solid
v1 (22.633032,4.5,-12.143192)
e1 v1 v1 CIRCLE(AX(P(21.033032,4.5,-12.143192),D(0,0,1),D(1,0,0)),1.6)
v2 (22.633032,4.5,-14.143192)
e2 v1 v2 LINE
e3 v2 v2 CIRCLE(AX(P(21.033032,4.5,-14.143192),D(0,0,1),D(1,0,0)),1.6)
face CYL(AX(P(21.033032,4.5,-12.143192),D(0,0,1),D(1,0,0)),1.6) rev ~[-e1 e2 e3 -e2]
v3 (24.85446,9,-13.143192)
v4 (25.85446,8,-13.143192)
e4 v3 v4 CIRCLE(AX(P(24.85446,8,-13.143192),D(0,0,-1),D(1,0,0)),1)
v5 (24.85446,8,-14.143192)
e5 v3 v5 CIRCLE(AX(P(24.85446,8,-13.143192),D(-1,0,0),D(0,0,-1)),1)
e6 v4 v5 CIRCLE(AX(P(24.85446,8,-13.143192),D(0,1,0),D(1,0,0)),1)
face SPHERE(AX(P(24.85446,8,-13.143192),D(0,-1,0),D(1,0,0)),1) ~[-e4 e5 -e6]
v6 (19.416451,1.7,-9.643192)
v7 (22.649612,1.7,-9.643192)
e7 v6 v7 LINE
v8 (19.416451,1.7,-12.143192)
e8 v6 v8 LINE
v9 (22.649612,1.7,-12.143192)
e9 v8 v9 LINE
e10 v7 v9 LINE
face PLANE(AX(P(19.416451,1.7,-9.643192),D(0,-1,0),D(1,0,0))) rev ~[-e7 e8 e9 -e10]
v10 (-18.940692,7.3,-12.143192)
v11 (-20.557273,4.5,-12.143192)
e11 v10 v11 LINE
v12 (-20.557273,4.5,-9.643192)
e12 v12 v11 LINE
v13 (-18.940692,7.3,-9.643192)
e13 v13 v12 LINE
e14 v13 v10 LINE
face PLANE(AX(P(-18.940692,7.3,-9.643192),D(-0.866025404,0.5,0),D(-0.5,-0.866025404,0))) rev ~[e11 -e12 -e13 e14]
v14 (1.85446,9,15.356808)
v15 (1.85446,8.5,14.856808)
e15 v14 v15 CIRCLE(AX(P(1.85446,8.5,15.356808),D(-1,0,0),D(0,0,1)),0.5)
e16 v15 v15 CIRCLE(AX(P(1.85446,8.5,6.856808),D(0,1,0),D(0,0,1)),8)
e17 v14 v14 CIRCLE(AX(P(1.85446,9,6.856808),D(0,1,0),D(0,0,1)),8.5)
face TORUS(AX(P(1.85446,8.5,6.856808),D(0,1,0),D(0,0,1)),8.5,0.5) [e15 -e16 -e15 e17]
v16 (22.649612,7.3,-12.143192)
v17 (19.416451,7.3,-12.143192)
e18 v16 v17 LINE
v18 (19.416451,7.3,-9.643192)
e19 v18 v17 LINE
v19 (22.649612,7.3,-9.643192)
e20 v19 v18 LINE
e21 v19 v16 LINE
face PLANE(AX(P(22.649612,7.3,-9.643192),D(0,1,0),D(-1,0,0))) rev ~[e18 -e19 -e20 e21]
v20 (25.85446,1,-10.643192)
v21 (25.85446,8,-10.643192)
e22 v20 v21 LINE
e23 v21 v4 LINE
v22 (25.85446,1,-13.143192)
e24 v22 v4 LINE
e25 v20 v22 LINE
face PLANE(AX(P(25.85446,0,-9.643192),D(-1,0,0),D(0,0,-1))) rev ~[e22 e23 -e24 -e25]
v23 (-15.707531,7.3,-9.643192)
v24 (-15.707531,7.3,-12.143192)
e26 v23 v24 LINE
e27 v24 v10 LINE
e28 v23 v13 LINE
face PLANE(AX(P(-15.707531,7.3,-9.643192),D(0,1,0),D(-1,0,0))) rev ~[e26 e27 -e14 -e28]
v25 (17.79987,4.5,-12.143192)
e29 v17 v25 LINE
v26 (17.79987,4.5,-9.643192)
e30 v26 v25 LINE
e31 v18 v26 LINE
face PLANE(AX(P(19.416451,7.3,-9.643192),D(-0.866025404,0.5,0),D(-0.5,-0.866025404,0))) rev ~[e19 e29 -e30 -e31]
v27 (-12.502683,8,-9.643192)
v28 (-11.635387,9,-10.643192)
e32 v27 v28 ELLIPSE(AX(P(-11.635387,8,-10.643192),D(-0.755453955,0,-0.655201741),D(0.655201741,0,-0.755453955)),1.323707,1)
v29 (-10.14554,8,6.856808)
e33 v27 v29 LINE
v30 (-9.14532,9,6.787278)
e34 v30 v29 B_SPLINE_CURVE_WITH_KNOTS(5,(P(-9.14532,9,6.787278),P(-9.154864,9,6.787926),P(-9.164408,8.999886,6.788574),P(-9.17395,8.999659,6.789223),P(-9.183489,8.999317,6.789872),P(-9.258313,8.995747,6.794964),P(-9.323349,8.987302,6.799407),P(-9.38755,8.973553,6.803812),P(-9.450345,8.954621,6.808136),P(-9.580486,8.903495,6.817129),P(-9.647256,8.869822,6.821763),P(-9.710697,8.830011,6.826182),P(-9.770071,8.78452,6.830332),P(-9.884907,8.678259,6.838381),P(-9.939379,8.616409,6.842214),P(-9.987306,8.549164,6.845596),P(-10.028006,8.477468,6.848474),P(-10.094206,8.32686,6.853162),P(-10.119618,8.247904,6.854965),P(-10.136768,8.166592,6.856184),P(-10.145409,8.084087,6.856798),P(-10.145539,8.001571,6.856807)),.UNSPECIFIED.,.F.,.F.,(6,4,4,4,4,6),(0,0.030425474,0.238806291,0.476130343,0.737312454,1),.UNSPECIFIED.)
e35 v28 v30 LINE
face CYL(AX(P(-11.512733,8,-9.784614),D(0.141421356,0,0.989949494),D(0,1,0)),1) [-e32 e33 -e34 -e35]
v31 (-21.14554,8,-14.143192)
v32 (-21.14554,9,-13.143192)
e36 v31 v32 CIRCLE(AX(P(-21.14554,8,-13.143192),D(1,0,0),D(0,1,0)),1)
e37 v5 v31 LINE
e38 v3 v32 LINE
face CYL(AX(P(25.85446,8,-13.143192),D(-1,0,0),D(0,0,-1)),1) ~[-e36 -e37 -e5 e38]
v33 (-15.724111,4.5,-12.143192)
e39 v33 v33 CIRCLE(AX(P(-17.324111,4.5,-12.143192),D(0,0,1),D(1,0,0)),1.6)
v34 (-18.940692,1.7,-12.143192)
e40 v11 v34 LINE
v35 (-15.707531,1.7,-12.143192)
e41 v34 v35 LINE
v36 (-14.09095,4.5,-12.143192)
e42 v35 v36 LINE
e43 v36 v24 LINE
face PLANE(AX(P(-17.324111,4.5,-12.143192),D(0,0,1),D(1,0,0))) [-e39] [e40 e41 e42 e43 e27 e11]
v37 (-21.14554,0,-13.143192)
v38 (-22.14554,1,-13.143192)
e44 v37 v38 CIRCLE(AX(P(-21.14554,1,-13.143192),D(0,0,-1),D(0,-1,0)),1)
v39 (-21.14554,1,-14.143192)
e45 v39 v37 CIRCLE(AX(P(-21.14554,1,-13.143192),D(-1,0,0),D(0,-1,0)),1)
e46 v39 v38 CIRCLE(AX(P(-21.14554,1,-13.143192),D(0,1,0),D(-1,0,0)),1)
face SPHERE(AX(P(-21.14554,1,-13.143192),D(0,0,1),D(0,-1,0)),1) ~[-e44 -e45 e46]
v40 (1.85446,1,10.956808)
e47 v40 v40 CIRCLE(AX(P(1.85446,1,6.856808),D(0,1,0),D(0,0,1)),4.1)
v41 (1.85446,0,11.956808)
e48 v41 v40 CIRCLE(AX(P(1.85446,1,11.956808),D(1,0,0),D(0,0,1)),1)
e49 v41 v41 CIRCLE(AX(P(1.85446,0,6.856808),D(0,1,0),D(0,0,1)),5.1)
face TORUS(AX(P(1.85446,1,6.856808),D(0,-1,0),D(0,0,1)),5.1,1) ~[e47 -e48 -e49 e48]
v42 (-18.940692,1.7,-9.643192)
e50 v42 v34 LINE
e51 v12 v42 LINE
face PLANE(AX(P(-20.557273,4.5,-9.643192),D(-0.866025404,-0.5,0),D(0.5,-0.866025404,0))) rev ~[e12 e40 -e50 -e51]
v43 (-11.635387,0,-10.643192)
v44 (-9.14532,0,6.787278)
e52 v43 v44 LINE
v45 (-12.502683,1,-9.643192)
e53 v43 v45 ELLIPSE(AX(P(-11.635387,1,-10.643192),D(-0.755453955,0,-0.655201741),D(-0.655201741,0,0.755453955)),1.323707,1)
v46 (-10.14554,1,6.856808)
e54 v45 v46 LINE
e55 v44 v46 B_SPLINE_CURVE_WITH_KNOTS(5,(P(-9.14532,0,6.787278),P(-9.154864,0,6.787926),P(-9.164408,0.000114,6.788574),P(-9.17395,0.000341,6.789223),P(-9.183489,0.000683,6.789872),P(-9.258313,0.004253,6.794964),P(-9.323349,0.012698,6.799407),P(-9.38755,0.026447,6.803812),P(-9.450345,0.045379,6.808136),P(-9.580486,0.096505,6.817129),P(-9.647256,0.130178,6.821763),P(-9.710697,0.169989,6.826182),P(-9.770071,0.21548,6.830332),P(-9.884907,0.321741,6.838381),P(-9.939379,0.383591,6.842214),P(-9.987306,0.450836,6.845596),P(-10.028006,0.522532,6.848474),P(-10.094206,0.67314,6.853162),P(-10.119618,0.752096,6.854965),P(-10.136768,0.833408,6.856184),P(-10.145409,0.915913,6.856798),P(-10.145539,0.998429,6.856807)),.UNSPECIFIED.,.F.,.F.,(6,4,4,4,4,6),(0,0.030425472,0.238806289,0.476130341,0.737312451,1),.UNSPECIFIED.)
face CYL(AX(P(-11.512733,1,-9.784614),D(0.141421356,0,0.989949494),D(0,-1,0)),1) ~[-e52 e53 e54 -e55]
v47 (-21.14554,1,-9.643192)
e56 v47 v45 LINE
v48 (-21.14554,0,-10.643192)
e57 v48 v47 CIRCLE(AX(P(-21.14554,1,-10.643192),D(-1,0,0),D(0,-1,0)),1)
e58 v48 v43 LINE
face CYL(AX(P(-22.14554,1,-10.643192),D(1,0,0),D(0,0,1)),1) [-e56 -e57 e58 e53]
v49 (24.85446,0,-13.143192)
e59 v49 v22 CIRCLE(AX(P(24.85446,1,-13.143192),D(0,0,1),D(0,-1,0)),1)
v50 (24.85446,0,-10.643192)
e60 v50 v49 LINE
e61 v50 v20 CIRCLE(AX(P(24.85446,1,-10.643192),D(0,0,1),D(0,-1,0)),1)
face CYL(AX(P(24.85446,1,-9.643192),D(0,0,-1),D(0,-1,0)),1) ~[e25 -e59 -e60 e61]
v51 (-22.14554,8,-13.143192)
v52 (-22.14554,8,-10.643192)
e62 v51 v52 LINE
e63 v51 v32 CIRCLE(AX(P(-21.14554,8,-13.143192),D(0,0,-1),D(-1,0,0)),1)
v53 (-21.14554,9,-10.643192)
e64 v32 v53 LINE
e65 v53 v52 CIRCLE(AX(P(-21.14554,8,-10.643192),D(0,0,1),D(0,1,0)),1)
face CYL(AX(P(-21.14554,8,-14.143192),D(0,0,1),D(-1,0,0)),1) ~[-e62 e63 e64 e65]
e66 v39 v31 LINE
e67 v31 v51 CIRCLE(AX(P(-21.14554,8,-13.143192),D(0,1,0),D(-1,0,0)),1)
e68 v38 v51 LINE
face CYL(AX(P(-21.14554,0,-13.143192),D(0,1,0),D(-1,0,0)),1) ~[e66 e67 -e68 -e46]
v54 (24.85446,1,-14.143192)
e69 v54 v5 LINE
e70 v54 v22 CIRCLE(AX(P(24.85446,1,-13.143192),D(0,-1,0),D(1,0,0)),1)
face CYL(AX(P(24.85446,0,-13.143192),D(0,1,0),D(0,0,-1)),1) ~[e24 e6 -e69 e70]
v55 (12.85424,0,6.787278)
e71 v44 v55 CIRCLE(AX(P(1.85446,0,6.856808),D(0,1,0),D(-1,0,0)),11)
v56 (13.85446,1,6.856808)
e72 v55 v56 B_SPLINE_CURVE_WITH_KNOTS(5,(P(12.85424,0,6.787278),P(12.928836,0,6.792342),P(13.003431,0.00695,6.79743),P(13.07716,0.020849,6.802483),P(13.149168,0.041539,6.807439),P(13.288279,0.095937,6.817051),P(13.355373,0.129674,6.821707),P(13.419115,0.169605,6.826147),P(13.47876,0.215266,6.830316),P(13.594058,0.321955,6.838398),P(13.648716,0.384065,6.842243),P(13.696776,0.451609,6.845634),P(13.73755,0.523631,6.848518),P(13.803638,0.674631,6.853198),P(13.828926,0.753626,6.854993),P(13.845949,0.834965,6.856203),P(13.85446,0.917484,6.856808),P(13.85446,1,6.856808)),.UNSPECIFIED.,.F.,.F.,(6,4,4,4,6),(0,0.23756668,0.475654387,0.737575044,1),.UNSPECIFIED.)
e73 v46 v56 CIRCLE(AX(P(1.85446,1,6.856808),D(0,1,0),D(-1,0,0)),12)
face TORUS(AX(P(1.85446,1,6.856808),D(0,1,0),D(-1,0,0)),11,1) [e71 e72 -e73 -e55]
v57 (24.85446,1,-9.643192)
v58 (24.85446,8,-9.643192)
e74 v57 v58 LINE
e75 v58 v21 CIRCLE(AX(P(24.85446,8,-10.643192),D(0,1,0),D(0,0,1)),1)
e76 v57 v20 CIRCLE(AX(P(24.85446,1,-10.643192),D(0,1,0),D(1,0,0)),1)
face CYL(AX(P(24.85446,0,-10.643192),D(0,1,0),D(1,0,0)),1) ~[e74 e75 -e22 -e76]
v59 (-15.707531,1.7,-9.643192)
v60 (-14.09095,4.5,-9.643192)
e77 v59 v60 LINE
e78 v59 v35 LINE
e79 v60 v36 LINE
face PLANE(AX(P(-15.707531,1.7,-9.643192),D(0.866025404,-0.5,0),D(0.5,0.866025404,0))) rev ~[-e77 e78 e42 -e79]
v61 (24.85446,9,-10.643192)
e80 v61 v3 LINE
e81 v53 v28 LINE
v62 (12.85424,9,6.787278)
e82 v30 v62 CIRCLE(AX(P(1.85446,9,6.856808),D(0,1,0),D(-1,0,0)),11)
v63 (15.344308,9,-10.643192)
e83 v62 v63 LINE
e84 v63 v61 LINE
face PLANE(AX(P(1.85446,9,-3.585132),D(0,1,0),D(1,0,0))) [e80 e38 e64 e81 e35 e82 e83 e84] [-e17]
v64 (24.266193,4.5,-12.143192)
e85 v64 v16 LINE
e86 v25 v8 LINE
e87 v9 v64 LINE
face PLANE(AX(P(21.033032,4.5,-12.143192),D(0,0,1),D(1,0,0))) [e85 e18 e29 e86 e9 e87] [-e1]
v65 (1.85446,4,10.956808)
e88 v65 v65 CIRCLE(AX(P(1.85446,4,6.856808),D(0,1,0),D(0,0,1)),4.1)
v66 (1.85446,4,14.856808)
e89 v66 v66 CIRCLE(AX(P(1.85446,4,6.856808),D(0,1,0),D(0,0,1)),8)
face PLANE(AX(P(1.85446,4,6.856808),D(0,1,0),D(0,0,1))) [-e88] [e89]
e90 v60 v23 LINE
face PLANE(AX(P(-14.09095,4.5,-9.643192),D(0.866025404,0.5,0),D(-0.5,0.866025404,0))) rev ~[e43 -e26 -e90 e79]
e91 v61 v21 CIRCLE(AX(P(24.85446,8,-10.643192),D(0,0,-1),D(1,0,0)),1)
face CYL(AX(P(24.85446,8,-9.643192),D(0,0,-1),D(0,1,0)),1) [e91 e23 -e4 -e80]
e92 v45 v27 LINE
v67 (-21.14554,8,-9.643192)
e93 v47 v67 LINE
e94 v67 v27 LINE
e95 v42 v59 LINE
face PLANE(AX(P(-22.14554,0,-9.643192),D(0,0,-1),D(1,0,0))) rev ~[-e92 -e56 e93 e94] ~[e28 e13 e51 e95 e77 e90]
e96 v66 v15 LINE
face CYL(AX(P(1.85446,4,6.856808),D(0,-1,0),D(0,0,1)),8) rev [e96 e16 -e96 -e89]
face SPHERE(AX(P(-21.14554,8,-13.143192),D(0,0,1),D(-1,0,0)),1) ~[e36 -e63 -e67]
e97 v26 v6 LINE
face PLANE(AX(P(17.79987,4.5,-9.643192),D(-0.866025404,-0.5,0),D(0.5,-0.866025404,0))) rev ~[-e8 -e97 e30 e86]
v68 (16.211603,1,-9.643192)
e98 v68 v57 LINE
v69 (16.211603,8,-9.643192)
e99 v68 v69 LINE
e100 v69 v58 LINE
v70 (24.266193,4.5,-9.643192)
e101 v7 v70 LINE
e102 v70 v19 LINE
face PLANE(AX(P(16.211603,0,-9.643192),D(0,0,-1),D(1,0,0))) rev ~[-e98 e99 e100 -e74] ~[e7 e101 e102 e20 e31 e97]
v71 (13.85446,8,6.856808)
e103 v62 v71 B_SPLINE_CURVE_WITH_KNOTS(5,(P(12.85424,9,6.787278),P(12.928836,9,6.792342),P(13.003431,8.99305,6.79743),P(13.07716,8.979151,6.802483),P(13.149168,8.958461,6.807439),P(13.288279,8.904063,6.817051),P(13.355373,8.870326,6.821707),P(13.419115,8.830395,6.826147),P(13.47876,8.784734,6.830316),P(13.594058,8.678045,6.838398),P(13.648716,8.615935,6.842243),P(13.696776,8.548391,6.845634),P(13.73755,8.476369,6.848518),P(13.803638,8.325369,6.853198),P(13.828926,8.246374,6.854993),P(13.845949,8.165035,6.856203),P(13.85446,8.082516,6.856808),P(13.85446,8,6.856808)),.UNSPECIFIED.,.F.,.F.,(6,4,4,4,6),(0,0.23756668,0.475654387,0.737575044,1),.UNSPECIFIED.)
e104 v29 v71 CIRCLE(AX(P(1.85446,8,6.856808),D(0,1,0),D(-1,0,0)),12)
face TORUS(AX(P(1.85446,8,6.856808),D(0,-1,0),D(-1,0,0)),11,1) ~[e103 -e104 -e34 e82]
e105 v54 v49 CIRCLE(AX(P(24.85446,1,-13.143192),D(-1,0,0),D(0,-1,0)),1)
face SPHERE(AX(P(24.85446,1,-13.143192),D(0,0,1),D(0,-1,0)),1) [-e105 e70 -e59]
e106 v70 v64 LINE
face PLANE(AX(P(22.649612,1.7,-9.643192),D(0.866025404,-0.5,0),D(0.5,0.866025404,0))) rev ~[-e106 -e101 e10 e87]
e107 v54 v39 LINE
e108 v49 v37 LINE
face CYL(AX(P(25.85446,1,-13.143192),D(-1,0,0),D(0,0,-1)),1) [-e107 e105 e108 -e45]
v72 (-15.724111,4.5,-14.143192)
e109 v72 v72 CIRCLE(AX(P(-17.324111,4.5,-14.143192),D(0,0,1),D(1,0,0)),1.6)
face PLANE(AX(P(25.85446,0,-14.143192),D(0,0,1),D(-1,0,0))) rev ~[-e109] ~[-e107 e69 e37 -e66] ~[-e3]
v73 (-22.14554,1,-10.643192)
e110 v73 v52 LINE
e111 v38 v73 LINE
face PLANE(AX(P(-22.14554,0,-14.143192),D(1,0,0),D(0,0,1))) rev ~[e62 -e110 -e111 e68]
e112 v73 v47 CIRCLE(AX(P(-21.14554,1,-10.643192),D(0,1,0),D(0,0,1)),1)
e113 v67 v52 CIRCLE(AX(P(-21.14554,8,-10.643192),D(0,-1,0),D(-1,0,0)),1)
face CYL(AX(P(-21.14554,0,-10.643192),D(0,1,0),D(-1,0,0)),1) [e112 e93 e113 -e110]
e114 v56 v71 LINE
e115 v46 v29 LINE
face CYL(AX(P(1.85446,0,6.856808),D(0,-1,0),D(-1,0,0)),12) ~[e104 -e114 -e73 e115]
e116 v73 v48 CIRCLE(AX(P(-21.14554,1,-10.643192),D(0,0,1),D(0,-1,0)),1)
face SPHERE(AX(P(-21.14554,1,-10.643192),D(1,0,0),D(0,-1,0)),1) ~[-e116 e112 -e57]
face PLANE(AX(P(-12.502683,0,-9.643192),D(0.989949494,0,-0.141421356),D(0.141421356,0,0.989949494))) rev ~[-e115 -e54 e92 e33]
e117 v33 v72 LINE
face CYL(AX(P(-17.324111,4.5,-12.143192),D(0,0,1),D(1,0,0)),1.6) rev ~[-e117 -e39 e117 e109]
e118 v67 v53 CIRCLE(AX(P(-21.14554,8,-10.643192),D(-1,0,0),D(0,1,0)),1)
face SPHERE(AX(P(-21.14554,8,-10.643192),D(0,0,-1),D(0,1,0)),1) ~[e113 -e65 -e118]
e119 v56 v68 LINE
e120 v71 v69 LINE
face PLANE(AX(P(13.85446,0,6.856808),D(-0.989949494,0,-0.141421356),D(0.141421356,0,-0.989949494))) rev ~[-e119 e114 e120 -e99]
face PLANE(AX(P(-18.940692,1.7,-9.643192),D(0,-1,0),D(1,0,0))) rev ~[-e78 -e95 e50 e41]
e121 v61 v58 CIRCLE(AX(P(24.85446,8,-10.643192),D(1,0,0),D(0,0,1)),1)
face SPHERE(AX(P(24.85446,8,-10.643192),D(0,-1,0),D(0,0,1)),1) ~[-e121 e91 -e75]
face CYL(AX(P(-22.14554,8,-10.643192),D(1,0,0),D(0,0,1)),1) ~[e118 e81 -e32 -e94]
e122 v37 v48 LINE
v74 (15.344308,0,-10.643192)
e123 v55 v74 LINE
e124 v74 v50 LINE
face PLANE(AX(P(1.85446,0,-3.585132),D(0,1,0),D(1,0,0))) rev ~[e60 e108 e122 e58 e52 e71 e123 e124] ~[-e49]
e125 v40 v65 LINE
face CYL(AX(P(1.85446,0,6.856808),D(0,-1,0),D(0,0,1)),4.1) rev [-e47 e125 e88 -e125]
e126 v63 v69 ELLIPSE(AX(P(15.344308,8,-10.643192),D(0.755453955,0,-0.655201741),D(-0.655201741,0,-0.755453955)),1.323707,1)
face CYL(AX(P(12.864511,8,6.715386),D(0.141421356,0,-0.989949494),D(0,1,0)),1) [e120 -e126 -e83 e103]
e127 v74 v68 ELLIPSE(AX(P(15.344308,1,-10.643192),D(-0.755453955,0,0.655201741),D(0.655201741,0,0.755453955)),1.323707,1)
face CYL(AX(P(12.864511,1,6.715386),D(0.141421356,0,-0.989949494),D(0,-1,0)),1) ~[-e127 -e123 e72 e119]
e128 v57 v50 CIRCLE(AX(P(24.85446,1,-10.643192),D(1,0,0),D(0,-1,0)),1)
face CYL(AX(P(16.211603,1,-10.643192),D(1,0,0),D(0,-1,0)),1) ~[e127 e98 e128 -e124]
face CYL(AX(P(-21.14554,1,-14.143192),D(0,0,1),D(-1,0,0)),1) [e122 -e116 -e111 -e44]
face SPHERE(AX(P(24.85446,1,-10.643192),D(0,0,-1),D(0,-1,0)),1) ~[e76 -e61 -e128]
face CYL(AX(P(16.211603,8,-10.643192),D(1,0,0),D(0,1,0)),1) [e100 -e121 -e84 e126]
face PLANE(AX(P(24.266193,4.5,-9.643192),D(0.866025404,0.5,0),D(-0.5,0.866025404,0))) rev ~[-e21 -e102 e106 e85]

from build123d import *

# Parameters (mm, degrees)
CROQUIS1_R              = 4.1
SALIENTE_EXTRUIR2_DEPTH = 9
CORTAR_EXTRUIR1_START   = -5
CROQUIS2_R              = 8
CROQUIS2_R_2            = 4.1
CORTAR_EXTRUIR1_DEPTH   = 5
CORTAR_EXTRUIR3_DEPTH   = 2.5
CORTAR_EXTRUIR4_DEPTH   = 2.5
CROQUIS5_R              = 1.6
CORTAR_EXTRUIR5_DEPTH   = 2.5
REDONDEO1_R             = 1
REDONDEO2_R             = 0.5


with BuildPart() as part:
    # Croquis1 → Saliente-Extruir2 (new body)
    with BuildSketch(Plane(origin=(0, 0, 0), x_dir=(1, 0, 0), z_dir=(0, 1, 0))):
        with BuildLine():
            Line((-22.145539906, 14.143192488), (-22.145539906, 9.643192488))
            Line((-22.145539906, 9.643192488), (-12.502682763, 9.643192488))
            Line((-12.502682763, 9.643192488), (-10.145539906, -6.856807512))
            ThreePointArc((-10.145539906, -6.856807512), (1.854460094, -18.856807512), (13.854460094, -6.856807512))
            Line((13.854460094, -6.856807512), (16.211602951, 9.643192488))
            Line((16.211602951, 9.643192488), (25.854460094, 9.643192488))
            Line((25.854460094, 9.643192488), (25.854460094, 14.143192488))
            Line((25.854460094, 14.143192488), (-22.145539906, 14.143192488))
        make_face()
        with Locations(Location((1.854460094, -6.856807512, 0), (0, 0, 270))):
            Circle(CROQUIS1_R, mode=Mode.SUBTRACT)
    extrude(amount=SALIENTE_EXTRUIR2_DEPTH)

    # Croquis2 → Cortar-Extruir1 (cut)
    with BuildSketch(Plane(origin=(0, 9, 0), x_dir=(1, 0, 0), z_dir=(0, 1, 0)).offset(CORTAR_EXTRUIR1_START)):
        with Locations(Location((1.854460094, -6.856807512, 0), (0, 0, 270))):
            Circle(CROQUIS2_R)
        with Locations(Location((1.854460094, -6.856807512, 0), (0, 0, 270))):
            Circle(CROQUIS2_R_2, mode=Mode.SUBTRACT)
    extrude(amount=CORTAR_EXTRUIR1_DEPTH, mode=Mode.SUBTRACT)

    # Croquis3 → Cortar-Extruir3 (cut)
    with BuildSketch(Plane.XY.offset(-9.643192488)):
        Polygon((-14.090949827, 4.5), (-15.707530581, 7.3), (-18.940692088, 7.3), (-20.557272842, 4.5), (-18.940692088, 1.7), (-15.707530581, 1.7), align=None)
    extrude(amount=-CORTAR_EXTRUIR3_DEPTH, mode=Mode.SUBTRACT)

    # Croquis4 → Cortar-Extruir4 (cut)
    with BuildSketch(Plane.XY.offset(-9.643192488)):
        Polygon((24.26619303, 4.5), (22.649612276, 7.3), (19.416450769, 7.3), (17.799870015, 4.5), (19.416450769, 1.7), (22.649612276, 1.7), align=None)
    extrude(amount=-CORTAR_EXTRUIR4_DEPTH, mode=Mode.SUBTRACT)

    # Croquis5 → Cortar-Extruir5 (cut)
    with BuildSketch(Plane.XY.offset(-12.143192488)):
        with Locations((21.033031522, 4.5)):
            Circle(CROQUIS5_R)
        with Locations((-17.324111335, 4.5)):
            Circle(CROQUIS5_R)
    extrude(amount=-CORTAR_EXTRUIR5_DEPTH, mode=Mode.SUBTRACT)

    # Redondeo1
    redondeo1_edges = [part.edges().sort_by_distance(p)[0] for p in [
        (1.854460094, 0, 2.756807512),
        (25.854460094, 0, -11.893192488),
        (21.033031522, 0, -9.643192488),
        (15.033031522, 0, -1.393192488),
        (1.854460094, 0, 18.856807512),
        (-11.324111335, 0, -1.393192488),
        (-17.324111335, 0, -9.643192488),
        (-22.145539906, 9, -11.893192488),
        (-22.145539906, 0, -11.893192488),
        (1.854460094, 0, -14.143192488),
        (-17.324111335, 9, -9.643192488),
        (25.854460094, 4.5, -14.143192488),
        (25.854460094, 4.5, -9.643192488),
        (-22.145539906, 4.5, -9.643192488),
        (-22.145539906, 4.5, -14.143192488),
        (-11.324111335, 9, -1.393192488),
        (1.854460094, 9, 18.856807512),
        (15.033031522, 9, -1.393192488),
        (21.033031522, 9, -9.643192488),
        (25.854460094, 9, -11.893192488),
        (1.854460094, 9, -14.143192488),
    ]]
    fillet(redondeo1_edges, radius=REDONDEO1_R)

    # Redondeo2
    redondeo2_edges = [part.edges().sort_by_distance(p)[0] for p in [
        (1.854460094, 9, -1.143192488),
    ]]
    fillet(redondeo2_edges, radius=REDONDEO2_R)


solid = part.part
